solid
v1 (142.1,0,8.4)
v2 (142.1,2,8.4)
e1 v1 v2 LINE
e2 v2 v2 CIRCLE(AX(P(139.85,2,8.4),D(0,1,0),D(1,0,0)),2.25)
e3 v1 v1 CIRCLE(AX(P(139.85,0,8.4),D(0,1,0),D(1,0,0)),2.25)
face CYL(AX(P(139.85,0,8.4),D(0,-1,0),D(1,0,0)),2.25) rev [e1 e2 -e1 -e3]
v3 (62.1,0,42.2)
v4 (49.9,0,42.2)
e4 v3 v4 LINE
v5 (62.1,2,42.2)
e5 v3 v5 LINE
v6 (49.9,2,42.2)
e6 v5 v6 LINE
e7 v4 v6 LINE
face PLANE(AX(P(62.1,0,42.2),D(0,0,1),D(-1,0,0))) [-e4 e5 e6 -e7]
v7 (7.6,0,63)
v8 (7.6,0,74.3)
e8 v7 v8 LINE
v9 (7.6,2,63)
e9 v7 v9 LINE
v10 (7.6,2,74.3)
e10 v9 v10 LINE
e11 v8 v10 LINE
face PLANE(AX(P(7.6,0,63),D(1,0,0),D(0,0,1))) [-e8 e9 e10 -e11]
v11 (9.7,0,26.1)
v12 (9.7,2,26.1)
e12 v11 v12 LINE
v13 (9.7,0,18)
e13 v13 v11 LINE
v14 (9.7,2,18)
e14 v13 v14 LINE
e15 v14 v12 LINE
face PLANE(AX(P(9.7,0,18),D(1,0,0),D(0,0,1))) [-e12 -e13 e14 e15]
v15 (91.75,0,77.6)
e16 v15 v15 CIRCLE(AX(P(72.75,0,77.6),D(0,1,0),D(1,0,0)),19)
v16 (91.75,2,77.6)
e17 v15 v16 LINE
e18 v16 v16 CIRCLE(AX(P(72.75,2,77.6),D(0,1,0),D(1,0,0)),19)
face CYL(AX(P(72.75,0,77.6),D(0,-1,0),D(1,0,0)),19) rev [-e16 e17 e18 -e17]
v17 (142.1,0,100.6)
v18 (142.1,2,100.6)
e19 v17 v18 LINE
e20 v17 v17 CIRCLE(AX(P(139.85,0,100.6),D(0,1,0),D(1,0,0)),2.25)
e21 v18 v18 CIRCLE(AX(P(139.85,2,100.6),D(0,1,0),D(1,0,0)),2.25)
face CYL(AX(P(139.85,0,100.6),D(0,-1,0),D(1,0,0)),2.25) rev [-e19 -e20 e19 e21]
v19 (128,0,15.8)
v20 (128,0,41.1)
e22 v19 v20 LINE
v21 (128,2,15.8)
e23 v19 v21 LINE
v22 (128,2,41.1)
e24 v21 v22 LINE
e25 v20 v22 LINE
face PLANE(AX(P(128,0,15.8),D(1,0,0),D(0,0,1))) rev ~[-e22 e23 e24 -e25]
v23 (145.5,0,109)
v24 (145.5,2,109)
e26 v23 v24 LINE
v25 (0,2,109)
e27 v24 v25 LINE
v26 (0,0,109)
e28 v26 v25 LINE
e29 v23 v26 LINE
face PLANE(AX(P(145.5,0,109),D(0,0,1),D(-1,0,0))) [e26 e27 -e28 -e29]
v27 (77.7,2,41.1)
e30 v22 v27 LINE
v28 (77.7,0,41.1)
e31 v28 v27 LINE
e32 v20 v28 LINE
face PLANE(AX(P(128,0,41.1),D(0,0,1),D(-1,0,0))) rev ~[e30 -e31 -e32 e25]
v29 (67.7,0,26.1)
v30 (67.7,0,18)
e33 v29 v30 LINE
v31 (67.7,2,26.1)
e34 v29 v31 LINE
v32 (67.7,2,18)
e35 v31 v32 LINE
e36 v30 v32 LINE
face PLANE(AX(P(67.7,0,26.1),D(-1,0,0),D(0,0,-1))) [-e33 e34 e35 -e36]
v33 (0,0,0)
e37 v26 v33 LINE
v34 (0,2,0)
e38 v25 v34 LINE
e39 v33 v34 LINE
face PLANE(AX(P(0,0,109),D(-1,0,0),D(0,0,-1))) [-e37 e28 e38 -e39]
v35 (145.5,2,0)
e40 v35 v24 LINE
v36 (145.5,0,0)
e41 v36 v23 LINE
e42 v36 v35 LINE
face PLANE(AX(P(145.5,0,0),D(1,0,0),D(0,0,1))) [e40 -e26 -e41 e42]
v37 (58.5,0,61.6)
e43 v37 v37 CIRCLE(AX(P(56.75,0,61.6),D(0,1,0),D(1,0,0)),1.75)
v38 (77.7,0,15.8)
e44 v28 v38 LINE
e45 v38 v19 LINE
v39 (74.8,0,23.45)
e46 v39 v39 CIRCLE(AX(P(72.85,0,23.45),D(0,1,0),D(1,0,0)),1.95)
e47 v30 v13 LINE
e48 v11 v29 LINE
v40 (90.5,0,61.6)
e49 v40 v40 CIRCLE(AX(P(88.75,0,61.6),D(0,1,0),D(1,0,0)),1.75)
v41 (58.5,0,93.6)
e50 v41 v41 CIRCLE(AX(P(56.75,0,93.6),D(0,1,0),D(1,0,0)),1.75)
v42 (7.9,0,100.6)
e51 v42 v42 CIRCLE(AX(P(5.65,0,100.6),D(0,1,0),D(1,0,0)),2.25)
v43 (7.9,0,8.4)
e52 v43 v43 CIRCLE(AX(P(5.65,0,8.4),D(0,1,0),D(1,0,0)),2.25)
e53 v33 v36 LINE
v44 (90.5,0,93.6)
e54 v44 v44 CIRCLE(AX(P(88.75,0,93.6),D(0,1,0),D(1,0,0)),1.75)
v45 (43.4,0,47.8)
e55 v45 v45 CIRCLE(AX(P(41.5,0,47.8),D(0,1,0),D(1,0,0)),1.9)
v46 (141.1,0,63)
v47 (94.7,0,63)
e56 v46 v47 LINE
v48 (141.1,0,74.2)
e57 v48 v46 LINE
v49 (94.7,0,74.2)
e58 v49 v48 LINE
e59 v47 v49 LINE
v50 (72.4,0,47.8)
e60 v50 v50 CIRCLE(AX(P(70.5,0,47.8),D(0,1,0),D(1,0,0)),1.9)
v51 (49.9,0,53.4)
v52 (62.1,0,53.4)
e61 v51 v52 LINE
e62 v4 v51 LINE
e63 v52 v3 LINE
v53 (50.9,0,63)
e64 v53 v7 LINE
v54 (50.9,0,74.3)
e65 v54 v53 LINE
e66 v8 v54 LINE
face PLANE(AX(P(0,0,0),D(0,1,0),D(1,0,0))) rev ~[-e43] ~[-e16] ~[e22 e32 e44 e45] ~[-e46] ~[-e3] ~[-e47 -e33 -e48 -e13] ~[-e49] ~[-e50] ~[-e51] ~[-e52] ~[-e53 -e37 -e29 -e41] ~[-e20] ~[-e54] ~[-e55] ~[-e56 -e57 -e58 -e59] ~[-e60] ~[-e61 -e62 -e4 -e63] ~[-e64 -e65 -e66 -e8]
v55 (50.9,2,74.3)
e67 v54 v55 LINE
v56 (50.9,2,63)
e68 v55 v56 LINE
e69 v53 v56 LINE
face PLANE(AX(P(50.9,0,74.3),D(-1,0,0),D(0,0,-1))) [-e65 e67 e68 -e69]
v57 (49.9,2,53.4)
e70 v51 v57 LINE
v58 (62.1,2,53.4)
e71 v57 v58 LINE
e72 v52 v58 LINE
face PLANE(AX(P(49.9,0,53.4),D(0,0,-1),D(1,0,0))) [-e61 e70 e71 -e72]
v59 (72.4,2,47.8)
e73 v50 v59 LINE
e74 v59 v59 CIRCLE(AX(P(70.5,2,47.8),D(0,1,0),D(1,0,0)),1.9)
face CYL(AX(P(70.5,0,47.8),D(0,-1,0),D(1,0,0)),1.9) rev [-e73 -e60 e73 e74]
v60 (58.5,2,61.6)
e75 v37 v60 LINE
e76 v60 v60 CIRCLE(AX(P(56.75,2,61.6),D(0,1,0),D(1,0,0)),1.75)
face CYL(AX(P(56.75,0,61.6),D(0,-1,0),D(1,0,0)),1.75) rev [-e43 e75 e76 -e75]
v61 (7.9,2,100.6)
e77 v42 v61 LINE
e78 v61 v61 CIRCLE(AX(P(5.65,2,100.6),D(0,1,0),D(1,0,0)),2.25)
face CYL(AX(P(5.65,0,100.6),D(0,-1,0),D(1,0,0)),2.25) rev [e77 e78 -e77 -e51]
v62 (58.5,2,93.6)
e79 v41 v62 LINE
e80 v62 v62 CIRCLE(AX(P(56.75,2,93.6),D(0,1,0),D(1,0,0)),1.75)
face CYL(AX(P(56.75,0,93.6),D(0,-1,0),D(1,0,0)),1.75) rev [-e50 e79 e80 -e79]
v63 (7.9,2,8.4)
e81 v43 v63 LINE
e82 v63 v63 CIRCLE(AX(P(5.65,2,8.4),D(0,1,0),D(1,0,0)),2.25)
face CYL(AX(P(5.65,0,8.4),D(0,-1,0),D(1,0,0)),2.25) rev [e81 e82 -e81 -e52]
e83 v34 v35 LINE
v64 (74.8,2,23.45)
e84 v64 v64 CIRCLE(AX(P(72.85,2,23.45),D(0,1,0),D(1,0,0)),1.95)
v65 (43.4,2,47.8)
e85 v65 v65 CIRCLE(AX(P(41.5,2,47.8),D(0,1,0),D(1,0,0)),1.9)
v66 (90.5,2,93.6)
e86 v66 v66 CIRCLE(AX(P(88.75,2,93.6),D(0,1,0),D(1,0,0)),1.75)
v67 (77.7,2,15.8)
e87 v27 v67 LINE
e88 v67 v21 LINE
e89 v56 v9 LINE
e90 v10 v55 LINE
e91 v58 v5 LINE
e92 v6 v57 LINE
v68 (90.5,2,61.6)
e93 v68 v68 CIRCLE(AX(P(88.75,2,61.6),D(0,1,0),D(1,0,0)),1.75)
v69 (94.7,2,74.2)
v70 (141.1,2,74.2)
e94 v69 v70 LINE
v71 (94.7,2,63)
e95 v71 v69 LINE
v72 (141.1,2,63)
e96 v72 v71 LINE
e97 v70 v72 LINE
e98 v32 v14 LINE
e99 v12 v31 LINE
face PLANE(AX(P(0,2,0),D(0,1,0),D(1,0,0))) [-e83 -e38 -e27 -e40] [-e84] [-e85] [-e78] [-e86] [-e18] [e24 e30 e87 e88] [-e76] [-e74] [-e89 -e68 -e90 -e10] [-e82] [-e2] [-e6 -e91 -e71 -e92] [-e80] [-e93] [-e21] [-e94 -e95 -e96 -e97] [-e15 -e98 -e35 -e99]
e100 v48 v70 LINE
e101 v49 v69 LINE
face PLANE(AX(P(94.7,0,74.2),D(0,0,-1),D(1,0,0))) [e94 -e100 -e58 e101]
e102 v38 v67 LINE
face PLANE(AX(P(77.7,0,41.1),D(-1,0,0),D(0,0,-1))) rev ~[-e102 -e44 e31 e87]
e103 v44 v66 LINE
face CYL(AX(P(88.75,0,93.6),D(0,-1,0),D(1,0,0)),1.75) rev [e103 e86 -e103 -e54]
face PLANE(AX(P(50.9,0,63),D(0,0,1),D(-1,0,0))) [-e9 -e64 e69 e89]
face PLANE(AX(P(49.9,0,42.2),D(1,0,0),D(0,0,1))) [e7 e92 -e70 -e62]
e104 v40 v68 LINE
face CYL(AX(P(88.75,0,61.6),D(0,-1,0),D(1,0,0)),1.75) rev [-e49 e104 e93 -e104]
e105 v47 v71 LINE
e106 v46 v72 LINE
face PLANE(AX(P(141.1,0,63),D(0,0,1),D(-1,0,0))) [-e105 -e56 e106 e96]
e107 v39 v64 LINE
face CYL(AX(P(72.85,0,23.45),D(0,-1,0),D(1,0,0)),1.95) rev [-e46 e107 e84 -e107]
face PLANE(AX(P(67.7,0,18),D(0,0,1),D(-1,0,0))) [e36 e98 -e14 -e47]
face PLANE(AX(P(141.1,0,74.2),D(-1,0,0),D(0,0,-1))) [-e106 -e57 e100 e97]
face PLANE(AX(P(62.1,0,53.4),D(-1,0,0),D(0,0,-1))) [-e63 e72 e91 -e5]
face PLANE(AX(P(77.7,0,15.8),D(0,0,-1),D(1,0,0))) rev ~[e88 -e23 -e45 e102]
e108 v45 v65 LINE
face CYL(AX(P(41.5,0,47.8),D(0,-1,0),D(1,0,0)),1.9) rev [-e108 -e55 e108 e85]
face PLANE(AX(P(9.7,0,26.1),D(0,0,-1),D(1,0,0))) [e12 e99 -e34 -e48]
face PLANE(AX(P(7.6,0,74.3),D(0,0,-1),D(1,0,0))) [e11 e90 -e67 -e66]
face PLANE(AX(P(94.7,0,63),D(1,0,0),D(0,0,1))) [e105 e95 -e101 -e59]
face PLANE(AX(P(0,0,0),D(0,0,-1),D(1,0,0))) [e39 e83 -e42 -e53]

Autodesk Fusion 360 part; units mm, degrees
sketch "Sketch1" plane through (0, 0, 0) normal (0, 1, 0) x (1, 0, 0)
  line L0 (0, 0) -> (145.5, 0)
  line L1 (145.5, 0) -> (145.5, -109)
  line L2 (145.5, -109) -> (0, -109)
  line L3 (0, -109) -> (0, 0)
  line L4 (5.65, -100.6) -> (139.85, -100.6) construction
  line L5 (139.85, -100.6) -> (139.85, -8.4) construction
  line L6 (139.85, -8.4) -> (5.65, -8.4) construction
  line L7 (5.65, -8.4) -> (5.65, -100.6) construction
  circle A0 centre (5.65, -100.6) radius 2.25
  circle A1 centre (139.85, -100.6) radius 2.25
  circle A2 centre (139.85, -8.4) radius 2.25
  circle A3 centre (5.65, -8.4) radius 2.25
  line L8 (72.75, -109) -> (72.75, 0) construction
  line L9 (0, -54.5) -> (145.5, -54.5) construction
  line L10 (77.7, -15.8) -> (128, -15.8)
  line L11 (128, -15.8) -> (128, -41.1)
  line L12 (128, -41.1) -> (77.7, -41.1)
  line L13 (77.7, -41.1) -> (77.7, -15.8)
  line L14 (9.7, -26.1) -> (67.7, -26.1)
  line L15 (67.7, -26.1) -> (67.7, -18)
  line L16 (67.7, -18) -> (9.7, -18)
  line L17 (9.7, -18) -> (9.7, -26.1)
  line L18 (7.6, -74.3) -> (50.9, -74.3)
  line L19 (50.9, -74.3) -> (50.9, -63)
  line L20 (50.9, -63) -> (7.6, -63)
  line L21 (7.6, -63) -> (7.6, -74.3)
  line L22 (94.7, -74.2) -> (141.1, -74.2)
  line L23 (141.1, -74.2) -> (141.1, -63)
  line L24 (141.1, -63) -> (94.7, -63)
  line L25 (94.7, -63) -> (94.7, -74.2)
  circle A4 centre (72.75, -77.6) radius 19
  circle A5 centre (72.85, -23.45) radius 1.95
  line L26 (72.85, -25.4) -> (72.85, -21.5) construction
  line L27 (70.9, -23.45) -> (74.8, -23.45) construction
  line L28 (56.75, -93.6) -> (88.75, -93.6) construction
  line L29 (88.75, -93.6) -> (88.75, -61.6) construction
  line L30 (88.75, -61.6) -> (56.75, -61.6) construction
  line L31 (56.75, -61.6) -> (56.75, -93.6) construction
  line L32 (53.75, -77.6) -> (91.75, -77.6) construction
  circle A6 centre (56.75, -93.6) radius 1.75
  circle A7 centre (88.75, -93.6) radius 1.75
  circle A8 centre (56.75, -61.6) radius 1.75
  circle A9 centre (88.75, -61.6) radius 1.75
  line L33 (41.5, -47.8) -> (70.5, -47.8) construction
  circle A10 centre (70.5, -47.8) radius 1.9
  circle A11 centre (41.5, -47.8) radius 1.9
  line L34 (49.9, -53.4) -> (62.1, -53.4)
  line L35 (62.1, -53.4) -> (62.1, -42.2)
  line L36 (62.1, -42.2) -> (49.9, -42.2)
  line L37 (49.9, -42.2) -> (49.9, -53.4)
  line L38 (56, -53.4) -> (56, -42.2) construction
  point P0 (72.75, -96.6)
  dimension "d1" = 145.5
  dimension "d2" = 109
  dimension "d5" = 134.2
  dimension "d6" = 4.5
  dimension "d7" = 92.2
  dimension "d10" = 50.3
  dimension "d11" = 25.3
  dimension "d12" = 11.2
  dimension "d13" = 46.4
  dimension "d14" = 43.3
  dimension "d15" = 11.3
  dimension "d16" = 8.1
  dimension "d17" = 58
  dimension "d18" = 18
  dimension "d19" = 63
  dimension "d20" = 15.8
  dimension "d21" = 63
  dimension "d22" = 4.4
  dimension "d23" = 17.5
  dimension "d24" = 9.7
  dimension "d25" = 7.6
  dimension "d26" = 25.4
  dimension "d27" = 21.5
  dimension "d28" = 74.8
  dimension "d29" = 38
  dimension "d30" = 12.4
  dimension "d31" = 32
  dimension "d32" = 3.5
  dimension "d33" = 6.7
  dimension "d34" = 29
  dimension "d35" = 3.8
  dimension "d36" = 11.2
  dimension "d37" = 12.2
  dimension "d38" = 56
extrude "Extrude1" add sketch "Sketch1" along normal blind 1.8 contours L0 L1 L2 L3 | L10 L11 L12 L13 | L14 L15 L16 L17 | L18 L19 L20 L21 | L22 L23 L24 L25 | A4 | A5 | A6 | A7 | A8 | A9 | A10 | A11 | L34 L35 L36 L37 makes body 1
extrude "Extrude2" add sketch "Sketch1" along normal blind 2 separate body makes body 2
hidden bodies 1
